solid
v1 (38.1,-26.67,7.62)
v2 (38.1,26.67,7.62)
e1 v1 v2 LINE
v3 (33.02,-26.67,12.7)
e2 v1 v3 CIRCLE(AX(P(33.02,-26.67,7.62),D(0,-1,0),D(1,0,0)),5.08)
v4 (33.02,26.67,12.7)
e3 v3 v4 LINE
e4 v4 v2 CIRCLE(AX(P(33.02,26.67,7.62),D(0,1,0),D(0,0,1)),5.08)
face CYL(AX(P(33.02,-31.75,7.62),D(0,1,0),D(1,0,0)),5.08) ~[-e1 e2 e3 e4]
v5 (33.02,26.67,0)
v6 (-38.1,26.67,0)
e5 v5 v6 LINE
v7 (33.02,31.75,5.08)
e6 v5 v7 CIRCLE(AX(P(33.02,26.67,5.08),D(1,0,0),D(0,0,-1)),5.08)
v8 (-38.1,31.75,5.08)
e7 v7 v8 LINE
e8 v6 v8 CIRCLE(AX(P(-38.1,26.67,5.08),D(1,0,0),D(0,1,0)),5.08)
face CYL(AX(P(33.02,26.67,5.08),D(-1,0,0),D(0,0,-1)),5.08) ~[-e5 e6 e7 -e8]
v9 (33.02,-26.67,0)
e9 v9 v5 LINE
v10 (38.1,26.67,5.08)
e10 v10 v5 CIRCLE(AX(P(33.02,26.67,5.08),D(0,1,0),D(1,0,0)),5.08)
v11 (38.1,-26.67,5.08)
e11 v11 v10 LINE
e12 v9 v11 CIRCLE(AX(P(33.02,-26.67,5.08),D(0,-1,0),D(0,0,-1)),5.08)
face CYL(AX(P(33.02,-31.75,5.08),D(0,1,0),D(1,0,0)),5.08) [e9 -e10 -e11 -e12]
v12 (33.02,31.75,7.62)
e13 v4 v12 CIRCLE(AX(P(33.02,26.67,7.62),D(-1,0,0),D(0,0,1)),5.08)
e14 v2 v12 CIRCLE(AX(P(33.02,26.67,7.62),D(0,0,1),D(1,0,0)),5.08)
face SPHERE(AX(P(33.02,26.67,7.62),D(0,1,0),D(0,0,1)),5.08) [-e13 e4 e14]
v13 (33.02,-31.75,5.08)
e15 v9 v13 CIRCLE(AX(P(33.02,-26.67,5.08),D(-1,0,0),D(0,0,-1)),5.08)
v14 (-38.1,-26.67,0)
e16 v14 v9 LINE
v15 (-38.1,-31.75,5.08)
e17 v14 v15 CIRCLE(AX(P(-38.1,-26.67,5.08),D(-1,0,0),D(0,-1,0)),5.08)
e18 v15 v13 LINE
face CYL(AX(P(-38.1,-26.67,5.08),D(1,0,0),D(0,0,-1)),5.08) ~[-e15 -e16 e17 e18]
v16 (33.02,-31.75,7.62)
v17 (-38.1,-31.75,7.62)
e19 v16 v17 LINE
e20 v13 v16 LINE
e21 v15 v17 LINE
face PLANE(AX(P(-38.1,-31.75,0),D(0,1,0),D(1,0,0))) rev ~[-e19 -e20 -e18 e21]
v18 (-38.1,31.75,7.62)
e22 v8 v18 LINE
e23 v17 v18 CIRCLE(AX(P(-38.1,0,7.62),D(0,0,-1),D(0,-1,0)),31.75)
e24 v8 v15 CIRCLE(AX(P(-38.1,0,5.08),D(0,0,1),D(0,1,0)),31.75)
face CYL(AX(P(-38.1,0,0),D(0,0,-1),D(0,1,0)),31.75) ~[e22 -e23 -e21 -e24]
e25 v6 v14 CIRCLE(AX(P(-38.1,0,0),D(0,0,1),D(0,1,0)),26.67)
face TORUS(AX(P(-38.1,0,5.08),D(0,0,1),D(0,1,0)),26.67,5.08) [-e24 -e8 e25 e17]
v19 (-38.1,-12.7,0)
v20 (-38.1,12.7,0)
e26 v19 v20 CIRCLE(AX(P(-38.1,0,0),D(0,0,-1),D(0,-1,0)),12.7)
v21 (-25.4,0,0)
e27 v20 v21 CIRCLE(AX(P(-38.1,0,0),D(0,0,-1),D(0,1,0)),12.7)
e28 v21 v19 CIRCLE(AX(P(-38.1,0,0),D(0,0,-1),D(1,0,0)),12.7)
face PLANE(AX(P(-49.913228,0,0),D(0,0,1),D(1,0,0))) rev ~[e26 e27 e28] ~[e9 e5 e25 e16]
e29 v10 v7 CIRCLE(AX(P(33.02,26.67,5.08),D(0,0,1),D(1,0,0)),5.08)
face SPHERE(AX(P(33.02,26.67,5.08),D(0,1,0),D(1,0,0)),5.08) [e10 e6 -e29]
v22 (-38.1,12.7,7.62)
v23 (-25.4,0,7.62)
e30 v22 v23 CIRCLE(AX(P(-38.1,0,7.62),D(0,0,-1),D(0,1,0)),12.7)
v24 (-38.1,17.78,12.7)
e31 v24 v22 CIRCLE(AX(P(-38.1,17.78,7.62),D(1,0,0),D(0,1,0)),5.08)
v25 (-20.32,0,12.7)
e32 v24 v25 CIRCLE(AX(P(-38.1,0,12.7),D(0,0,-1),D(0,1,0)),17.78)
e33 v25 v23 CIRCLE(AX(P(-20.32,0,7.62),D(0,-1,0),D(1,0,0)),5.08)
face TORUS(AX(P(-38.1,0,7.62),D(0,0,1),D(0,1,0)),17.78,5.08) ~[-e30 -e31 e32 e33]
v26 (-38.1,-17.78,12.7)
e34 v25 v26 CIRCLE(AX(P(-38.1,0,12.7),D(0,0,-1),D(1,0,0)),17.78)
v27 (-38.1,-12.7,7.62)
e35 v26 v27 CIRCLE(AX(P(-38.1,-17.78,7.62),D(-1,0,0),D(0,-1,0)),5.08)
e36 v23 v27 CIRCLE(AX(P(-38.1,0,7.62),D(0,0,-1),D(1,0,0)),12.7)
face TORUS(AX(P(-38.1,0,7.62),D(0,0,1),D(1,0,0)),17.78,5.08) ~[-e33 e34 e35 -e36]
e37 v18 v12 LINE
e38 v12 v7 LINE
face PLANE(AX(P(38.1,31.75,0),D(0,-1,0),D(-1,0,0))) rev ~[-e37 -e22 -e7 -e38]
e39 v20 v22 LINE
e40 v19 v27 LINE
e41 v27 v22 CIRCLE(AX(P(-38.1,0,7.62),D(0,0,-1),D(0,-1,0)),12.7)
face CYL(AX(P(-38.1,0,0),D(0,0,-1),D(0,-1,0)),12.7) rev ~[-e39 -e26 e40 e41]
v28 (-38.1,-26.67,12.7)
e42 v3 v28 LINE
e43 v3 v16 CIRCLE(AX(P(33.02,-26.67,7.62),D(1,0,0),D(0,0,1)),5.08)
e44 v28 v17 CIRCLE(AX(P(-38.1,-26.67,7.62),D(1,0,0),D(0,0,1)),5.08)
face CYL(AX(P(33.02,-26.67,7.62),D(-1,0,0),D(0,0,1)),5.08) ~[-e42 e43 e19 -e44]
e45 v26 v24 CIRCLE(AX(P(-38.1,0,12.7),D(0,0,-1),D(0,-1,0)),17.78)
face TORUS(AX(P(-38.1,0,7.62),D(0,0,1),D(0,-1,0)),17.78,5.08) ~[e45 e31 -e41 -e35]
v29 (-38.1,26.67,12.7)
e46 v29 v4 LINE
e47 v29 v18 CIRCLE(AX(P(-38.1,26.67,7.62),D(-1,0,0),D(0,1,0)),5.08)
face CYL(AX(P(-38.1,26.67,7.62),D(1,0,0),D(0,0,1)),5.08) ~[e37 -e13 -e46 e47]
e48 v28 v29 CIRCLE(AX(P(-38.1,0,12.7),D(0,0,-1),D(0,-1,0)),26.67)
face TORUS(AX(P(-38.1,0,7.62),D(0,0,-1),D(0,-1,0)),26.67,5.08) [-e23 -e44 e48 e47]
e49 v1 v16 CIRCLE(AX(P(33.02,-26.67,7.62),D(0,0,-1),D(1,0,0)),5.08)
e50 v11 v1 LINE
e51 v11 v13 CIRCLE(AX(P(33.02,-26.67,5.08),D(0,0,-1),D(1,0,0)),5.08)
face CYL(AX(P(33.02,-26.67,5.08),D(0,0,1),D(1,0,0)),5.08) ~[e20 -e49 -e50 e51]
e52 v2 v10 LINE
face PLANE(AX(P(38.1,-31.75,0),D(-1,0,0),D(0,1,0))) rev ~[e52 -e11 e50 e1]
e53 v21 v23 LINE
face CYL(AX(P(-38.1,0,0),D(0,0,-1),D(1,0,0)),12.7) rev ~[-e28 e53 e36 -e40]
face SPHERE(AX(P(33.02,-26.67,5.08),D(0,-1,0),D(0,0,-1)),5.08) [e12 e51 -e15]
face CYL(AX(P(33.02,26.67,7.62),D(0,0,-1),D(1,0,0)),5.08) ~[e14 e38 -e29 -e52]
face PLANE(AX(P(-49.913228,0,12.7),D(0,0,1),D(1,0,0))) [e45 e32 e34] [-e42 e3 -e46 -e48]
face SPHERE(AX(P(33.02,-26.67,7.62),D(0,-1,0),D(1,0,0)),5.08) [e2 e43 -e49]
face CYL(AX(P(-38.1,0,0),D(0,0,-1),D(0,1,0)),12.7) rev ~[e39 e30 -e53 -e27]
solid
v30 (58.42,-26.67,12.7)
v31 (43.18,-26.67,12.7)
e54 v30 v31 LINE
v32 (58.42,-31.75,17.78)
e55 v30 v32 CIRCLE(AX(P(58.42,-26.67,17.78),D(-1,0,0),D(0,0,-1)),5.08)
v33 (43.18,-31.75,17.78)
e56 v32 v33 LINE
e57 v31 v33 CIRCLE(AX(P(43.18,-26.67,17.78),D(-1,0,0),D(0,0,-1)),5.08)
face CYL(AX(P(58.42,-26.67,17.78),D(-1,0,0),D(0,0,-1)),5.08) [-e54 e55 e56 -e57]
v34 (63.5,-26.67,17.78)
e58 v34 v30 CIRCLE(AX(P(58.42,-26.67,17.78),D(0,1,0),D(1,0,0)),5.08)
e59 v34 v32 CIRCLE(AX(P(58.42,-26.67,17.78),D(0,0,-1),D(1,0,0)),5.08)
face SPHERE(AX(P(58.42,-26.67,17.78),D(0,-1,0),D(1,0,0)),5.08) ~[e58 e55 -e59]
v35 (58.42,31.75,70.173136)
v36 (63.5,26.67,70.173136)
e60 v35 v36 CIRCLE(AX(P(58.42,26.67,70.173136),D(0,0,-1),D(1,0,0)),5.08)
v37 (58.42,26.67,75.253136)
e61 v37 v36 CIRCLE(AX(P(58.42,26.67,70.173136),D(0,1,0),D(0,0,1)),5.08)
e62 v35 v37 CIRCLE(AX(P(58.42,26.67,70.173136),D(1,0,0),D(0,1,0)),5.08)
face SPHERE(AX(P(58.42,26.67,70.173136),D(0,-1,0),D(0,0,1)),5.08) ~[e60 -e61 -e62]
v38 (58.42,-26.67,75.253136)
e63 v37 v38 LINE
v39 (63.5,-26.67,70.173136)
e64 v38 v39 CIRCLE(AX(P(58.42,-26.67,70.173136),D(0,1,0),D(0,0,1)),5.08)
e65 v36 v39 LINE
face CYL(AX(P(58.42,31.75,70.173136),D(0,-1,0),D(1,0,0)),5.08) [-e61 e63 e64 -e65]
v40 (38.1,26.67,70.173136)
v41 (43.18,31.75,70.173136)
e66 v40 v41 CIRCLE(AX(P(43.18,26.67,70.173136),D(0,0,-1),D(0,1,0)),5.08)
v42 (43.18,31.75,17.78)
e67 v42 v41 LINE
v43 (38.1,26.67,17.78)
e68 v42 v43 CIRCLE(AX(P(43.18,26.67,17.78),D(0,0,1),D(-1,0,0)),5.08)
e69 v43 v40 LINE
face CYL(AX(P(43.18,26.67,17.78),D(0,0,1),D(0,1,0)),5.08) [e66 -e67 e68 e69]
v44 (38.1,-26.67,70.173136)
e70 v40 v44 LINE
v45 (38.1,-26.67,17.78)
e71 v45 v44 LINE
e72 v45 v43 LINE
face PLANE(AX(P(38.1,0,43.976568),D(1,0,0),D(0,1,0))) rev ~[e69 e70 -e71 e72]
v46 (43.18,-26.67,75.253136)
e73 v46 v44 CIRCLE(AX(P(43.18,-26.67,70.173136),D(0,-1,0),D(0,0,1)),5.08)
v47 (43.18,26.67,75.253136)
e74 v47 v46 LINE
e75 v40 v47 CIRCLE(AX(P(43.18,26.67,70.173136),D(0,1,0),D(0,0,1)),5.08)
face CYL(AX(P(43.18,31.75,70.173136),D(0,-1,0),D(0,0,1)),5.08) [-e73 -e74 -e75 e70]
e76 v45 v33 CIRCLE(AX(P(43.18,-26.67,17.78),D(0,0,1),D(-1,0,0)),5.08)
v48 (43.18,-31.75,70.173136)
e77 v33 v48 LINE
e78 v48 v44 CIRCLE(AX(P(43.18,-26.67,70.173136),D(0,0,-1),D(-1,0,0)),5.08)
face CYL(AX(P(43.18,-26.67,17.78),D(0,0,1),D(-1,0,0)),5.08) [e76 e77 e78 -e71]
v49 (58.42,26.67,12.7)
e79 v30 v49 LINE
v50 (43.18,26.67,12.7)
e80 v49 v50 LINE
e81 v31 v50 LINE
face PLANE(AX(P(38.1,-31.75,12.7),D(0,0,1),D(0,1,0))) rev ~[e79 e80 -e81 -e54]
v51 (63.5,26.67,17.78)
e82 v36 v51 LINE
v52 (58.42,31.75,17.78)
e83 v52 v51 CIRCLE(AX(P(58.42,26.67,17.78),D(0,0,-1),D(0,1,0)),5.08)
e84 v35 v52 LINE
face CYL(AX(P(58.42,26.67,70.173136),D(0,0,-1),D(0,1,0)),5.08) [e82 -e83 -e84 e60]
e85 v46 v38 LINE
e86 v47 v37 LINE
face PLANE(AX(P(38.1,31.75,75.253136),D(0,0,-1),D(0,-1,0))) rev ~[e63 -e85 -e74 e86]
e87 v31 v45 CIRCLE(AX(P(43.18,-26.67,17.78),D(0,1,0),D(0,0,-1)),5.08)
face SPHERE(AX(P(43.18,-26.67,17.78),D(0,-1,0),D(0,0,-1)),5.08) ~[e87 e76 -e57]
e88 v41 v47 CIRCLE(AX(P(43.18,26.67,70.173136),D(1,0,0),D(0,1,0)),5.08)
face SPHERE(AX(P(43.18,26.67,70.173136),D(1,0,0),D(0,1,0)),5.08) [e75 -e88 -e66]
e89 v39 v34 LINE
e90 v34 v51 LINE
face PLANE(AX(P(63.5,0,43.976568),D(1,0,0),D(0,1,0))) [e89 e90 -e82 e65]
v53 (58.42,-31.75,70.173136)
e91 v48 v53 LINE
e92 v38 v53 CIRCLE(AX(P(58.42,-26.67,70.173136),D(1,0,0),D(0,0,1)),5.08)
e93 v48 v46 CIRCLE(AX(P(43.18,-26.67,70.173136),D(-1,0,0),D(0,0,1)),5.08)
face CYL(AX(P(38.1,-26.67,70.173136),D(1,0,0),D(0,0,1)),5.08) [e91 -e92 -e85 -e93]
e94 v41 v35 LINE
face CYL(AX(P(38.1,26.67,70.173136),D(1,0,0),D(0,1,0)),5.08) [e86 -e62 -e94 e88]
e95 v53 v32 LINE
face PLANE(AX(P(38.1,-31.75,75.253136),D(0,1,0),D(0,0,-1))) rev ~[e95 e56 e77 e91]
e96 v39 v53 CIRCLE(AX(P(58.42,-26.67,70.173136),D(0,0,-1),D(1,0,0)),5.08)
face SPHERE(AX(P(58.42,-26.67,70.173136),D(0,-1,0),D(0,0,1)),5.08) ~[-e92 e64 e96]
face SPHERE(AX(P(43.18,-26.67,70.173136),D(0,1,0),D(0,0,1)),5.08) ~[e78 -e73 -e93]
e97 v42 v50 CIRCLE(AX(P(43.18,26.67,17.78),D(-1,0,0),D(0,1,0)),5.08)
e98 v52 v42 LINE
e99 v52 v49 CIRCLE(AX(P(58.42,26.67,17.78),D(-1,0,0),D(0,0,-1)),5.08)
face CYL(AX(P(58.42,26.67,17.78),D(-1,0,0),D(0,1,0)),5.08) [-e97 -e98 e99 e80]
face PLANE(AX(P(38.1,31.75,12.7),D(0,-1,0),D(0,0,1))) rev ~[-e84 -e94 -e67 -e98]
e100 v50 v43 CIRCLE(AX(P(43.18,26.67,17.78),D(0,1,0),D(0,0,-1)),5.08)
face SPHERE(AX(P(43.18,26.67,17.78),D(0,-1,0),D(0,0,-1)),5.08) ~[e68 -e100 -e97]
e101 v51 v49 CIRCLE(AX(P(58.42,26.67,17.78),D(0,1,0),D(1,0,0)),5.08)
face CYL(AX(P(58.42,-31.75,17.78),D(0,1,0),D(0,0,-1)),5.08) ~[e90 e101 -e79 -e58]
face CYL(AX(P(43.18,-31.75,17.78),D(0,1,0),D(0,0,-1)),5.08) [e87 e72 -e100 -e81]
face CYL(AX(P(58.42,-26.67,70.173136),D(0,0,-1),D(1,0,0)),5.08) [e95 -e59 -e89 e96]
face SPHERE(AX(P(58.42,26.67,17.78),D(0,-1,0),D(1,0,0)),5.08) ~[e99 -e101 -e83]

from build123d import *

# Parameters (mm, degrees)
F1_DEPTH = 12.7
F3_DEPTH = 25.4
F4_R     = 5.08
F4_2_R   = 5.08
F5_R     = 5.08
F6_R     = 5.08
F7_R     = 5.08
F8_R     = 5.08
F9_R     = 5.08


with BuildPart() as f1:
    # F0 (on Top) → F1 (new body)
    with BuildSketch(Plane.XY):
        with BuildLine():
            Line((-38.1, 12.7), (-38.1, 31.75))
            ThreePointArc((-38.1, 31.75), (-69.85, 0), (-38.1, -31.75))
            Line((-38.1, -31.75), (-38.1, -12.7))
            ThreePointArc((-38.1, -12.7), (-50.8, 0), (-38.1, 12.7))
        make_face()
        with BuildLine():
            ThreePointArc((-6.35, 0), (-15.6493596973, 22.4506403027), (-38.1, 31.75))
            Line((-38.1, 31.75), (-38.1, 12.7))
            ThreePointArc((-38.1, 12.7), (-29.1197438789, 8.9802561211), (-25.4, 0))
            ThreePointArc((-25.4, 0), (-29.1197438789, -8.9802561211), (-38.1, -12.7))
            Line((-38.1, -12.7), (-38.1, -31.75))
            ThreePointArc((-38.1, -31.75), (-15.6493596973, -22.4506403027), (-6.35, 0))
        make_face()
        with BuildLine():
            Line((38.1, 31.75), (-38.1, 31.75))
            ThreePointArc((-38.1, 31.75), (-15.6493596973, 22.4506403027), (-6.35, 0))
            ThreePointArc((-6.35, 0), (-15.6493596973, -22.4506403027), (-38.1, -31.75))
            Line((-38.1, -31.75), (38.1, -31.75))
            Line((38.1, -31.75), (38.1, 31.75))
        make_face()
    extrude(amount=F1_DEPTH)

    # F4
    f4_edges = [f1.edges().sort_by_distance(p)[0] for p in [
        (38.1, 0, 0),
        (38.1, 0, 12.7),
    ]]
    fillet(f4_edges, radius=F4_R)

    # F8
    f8_edges = [f1.edges().sort_by_distance(p)[0] for p in [
        (-69.85, 0, 0),
    ]]
    fillet(f8_edges, radius=F8_R)

    # F9
    f9_edges = [f1.edges().sort_by_distance(p)[0] for p in [
        (-38.1, -12.7, 12.7),
        (-64.77, 0, 12.7),
        (-2.54, 26.67, 12.7),
        (-2.54, -26.67, 12.7),
        (-2.54, -31.75, 7.62),
        (-38.1, -30.262102, 11.212102),
        (-38.1, 30.262102, 11.212102),
    ]]
    fillet(f9_edges, radius=F9_R)


with BuildPart() as f3:
    # F2 (on face) → F3 (new body)
    with BuildSketch(Plane.YZ.offset(38.1)):
        Polygon((-29.4669698924, 12.7), (31.75, 12.7), (31.75, 75.253136456), (-31.75, 75.253136456), (-31.75, 12.7), align=None)
    extrude(amount=F3_DEPTH)

    # F4#2
    f4_2_edges = [f3.edges().sort_by_distance(p)[0] for p in [
        (63.5, 0, 12.7),
    ]]
    fillet(f4_2_edges, radius=F4_2_R)

    # F5
    f5_edges = [f3.edges().sort_by_distance(p)[0] for p in [
        (38.1, 0, 12.7),
    ]]
    fillet(f5_edges, radius=F5_R)

    # F6
    f6_edges = [f3.edges().sort_by_distance(p)[0] for p in [
        (63.5, 0, 75.253136),
    ]]
    fillet(f6_edges, radius=F6_R)

    # F7
    f7_edges = [f3.edges().sort_by_distance(p)[0] for p in [
        (48.26, 31.75, 75.253136),
        (58.42, 0, 75.253136),
        (38.1, 0, 75.253136),
        (48.26, -31.75, 75.253136),
    ]]
    fillet(f7_edges, radius=F7_R)


solid = Compound([f1.part, f3.part])
